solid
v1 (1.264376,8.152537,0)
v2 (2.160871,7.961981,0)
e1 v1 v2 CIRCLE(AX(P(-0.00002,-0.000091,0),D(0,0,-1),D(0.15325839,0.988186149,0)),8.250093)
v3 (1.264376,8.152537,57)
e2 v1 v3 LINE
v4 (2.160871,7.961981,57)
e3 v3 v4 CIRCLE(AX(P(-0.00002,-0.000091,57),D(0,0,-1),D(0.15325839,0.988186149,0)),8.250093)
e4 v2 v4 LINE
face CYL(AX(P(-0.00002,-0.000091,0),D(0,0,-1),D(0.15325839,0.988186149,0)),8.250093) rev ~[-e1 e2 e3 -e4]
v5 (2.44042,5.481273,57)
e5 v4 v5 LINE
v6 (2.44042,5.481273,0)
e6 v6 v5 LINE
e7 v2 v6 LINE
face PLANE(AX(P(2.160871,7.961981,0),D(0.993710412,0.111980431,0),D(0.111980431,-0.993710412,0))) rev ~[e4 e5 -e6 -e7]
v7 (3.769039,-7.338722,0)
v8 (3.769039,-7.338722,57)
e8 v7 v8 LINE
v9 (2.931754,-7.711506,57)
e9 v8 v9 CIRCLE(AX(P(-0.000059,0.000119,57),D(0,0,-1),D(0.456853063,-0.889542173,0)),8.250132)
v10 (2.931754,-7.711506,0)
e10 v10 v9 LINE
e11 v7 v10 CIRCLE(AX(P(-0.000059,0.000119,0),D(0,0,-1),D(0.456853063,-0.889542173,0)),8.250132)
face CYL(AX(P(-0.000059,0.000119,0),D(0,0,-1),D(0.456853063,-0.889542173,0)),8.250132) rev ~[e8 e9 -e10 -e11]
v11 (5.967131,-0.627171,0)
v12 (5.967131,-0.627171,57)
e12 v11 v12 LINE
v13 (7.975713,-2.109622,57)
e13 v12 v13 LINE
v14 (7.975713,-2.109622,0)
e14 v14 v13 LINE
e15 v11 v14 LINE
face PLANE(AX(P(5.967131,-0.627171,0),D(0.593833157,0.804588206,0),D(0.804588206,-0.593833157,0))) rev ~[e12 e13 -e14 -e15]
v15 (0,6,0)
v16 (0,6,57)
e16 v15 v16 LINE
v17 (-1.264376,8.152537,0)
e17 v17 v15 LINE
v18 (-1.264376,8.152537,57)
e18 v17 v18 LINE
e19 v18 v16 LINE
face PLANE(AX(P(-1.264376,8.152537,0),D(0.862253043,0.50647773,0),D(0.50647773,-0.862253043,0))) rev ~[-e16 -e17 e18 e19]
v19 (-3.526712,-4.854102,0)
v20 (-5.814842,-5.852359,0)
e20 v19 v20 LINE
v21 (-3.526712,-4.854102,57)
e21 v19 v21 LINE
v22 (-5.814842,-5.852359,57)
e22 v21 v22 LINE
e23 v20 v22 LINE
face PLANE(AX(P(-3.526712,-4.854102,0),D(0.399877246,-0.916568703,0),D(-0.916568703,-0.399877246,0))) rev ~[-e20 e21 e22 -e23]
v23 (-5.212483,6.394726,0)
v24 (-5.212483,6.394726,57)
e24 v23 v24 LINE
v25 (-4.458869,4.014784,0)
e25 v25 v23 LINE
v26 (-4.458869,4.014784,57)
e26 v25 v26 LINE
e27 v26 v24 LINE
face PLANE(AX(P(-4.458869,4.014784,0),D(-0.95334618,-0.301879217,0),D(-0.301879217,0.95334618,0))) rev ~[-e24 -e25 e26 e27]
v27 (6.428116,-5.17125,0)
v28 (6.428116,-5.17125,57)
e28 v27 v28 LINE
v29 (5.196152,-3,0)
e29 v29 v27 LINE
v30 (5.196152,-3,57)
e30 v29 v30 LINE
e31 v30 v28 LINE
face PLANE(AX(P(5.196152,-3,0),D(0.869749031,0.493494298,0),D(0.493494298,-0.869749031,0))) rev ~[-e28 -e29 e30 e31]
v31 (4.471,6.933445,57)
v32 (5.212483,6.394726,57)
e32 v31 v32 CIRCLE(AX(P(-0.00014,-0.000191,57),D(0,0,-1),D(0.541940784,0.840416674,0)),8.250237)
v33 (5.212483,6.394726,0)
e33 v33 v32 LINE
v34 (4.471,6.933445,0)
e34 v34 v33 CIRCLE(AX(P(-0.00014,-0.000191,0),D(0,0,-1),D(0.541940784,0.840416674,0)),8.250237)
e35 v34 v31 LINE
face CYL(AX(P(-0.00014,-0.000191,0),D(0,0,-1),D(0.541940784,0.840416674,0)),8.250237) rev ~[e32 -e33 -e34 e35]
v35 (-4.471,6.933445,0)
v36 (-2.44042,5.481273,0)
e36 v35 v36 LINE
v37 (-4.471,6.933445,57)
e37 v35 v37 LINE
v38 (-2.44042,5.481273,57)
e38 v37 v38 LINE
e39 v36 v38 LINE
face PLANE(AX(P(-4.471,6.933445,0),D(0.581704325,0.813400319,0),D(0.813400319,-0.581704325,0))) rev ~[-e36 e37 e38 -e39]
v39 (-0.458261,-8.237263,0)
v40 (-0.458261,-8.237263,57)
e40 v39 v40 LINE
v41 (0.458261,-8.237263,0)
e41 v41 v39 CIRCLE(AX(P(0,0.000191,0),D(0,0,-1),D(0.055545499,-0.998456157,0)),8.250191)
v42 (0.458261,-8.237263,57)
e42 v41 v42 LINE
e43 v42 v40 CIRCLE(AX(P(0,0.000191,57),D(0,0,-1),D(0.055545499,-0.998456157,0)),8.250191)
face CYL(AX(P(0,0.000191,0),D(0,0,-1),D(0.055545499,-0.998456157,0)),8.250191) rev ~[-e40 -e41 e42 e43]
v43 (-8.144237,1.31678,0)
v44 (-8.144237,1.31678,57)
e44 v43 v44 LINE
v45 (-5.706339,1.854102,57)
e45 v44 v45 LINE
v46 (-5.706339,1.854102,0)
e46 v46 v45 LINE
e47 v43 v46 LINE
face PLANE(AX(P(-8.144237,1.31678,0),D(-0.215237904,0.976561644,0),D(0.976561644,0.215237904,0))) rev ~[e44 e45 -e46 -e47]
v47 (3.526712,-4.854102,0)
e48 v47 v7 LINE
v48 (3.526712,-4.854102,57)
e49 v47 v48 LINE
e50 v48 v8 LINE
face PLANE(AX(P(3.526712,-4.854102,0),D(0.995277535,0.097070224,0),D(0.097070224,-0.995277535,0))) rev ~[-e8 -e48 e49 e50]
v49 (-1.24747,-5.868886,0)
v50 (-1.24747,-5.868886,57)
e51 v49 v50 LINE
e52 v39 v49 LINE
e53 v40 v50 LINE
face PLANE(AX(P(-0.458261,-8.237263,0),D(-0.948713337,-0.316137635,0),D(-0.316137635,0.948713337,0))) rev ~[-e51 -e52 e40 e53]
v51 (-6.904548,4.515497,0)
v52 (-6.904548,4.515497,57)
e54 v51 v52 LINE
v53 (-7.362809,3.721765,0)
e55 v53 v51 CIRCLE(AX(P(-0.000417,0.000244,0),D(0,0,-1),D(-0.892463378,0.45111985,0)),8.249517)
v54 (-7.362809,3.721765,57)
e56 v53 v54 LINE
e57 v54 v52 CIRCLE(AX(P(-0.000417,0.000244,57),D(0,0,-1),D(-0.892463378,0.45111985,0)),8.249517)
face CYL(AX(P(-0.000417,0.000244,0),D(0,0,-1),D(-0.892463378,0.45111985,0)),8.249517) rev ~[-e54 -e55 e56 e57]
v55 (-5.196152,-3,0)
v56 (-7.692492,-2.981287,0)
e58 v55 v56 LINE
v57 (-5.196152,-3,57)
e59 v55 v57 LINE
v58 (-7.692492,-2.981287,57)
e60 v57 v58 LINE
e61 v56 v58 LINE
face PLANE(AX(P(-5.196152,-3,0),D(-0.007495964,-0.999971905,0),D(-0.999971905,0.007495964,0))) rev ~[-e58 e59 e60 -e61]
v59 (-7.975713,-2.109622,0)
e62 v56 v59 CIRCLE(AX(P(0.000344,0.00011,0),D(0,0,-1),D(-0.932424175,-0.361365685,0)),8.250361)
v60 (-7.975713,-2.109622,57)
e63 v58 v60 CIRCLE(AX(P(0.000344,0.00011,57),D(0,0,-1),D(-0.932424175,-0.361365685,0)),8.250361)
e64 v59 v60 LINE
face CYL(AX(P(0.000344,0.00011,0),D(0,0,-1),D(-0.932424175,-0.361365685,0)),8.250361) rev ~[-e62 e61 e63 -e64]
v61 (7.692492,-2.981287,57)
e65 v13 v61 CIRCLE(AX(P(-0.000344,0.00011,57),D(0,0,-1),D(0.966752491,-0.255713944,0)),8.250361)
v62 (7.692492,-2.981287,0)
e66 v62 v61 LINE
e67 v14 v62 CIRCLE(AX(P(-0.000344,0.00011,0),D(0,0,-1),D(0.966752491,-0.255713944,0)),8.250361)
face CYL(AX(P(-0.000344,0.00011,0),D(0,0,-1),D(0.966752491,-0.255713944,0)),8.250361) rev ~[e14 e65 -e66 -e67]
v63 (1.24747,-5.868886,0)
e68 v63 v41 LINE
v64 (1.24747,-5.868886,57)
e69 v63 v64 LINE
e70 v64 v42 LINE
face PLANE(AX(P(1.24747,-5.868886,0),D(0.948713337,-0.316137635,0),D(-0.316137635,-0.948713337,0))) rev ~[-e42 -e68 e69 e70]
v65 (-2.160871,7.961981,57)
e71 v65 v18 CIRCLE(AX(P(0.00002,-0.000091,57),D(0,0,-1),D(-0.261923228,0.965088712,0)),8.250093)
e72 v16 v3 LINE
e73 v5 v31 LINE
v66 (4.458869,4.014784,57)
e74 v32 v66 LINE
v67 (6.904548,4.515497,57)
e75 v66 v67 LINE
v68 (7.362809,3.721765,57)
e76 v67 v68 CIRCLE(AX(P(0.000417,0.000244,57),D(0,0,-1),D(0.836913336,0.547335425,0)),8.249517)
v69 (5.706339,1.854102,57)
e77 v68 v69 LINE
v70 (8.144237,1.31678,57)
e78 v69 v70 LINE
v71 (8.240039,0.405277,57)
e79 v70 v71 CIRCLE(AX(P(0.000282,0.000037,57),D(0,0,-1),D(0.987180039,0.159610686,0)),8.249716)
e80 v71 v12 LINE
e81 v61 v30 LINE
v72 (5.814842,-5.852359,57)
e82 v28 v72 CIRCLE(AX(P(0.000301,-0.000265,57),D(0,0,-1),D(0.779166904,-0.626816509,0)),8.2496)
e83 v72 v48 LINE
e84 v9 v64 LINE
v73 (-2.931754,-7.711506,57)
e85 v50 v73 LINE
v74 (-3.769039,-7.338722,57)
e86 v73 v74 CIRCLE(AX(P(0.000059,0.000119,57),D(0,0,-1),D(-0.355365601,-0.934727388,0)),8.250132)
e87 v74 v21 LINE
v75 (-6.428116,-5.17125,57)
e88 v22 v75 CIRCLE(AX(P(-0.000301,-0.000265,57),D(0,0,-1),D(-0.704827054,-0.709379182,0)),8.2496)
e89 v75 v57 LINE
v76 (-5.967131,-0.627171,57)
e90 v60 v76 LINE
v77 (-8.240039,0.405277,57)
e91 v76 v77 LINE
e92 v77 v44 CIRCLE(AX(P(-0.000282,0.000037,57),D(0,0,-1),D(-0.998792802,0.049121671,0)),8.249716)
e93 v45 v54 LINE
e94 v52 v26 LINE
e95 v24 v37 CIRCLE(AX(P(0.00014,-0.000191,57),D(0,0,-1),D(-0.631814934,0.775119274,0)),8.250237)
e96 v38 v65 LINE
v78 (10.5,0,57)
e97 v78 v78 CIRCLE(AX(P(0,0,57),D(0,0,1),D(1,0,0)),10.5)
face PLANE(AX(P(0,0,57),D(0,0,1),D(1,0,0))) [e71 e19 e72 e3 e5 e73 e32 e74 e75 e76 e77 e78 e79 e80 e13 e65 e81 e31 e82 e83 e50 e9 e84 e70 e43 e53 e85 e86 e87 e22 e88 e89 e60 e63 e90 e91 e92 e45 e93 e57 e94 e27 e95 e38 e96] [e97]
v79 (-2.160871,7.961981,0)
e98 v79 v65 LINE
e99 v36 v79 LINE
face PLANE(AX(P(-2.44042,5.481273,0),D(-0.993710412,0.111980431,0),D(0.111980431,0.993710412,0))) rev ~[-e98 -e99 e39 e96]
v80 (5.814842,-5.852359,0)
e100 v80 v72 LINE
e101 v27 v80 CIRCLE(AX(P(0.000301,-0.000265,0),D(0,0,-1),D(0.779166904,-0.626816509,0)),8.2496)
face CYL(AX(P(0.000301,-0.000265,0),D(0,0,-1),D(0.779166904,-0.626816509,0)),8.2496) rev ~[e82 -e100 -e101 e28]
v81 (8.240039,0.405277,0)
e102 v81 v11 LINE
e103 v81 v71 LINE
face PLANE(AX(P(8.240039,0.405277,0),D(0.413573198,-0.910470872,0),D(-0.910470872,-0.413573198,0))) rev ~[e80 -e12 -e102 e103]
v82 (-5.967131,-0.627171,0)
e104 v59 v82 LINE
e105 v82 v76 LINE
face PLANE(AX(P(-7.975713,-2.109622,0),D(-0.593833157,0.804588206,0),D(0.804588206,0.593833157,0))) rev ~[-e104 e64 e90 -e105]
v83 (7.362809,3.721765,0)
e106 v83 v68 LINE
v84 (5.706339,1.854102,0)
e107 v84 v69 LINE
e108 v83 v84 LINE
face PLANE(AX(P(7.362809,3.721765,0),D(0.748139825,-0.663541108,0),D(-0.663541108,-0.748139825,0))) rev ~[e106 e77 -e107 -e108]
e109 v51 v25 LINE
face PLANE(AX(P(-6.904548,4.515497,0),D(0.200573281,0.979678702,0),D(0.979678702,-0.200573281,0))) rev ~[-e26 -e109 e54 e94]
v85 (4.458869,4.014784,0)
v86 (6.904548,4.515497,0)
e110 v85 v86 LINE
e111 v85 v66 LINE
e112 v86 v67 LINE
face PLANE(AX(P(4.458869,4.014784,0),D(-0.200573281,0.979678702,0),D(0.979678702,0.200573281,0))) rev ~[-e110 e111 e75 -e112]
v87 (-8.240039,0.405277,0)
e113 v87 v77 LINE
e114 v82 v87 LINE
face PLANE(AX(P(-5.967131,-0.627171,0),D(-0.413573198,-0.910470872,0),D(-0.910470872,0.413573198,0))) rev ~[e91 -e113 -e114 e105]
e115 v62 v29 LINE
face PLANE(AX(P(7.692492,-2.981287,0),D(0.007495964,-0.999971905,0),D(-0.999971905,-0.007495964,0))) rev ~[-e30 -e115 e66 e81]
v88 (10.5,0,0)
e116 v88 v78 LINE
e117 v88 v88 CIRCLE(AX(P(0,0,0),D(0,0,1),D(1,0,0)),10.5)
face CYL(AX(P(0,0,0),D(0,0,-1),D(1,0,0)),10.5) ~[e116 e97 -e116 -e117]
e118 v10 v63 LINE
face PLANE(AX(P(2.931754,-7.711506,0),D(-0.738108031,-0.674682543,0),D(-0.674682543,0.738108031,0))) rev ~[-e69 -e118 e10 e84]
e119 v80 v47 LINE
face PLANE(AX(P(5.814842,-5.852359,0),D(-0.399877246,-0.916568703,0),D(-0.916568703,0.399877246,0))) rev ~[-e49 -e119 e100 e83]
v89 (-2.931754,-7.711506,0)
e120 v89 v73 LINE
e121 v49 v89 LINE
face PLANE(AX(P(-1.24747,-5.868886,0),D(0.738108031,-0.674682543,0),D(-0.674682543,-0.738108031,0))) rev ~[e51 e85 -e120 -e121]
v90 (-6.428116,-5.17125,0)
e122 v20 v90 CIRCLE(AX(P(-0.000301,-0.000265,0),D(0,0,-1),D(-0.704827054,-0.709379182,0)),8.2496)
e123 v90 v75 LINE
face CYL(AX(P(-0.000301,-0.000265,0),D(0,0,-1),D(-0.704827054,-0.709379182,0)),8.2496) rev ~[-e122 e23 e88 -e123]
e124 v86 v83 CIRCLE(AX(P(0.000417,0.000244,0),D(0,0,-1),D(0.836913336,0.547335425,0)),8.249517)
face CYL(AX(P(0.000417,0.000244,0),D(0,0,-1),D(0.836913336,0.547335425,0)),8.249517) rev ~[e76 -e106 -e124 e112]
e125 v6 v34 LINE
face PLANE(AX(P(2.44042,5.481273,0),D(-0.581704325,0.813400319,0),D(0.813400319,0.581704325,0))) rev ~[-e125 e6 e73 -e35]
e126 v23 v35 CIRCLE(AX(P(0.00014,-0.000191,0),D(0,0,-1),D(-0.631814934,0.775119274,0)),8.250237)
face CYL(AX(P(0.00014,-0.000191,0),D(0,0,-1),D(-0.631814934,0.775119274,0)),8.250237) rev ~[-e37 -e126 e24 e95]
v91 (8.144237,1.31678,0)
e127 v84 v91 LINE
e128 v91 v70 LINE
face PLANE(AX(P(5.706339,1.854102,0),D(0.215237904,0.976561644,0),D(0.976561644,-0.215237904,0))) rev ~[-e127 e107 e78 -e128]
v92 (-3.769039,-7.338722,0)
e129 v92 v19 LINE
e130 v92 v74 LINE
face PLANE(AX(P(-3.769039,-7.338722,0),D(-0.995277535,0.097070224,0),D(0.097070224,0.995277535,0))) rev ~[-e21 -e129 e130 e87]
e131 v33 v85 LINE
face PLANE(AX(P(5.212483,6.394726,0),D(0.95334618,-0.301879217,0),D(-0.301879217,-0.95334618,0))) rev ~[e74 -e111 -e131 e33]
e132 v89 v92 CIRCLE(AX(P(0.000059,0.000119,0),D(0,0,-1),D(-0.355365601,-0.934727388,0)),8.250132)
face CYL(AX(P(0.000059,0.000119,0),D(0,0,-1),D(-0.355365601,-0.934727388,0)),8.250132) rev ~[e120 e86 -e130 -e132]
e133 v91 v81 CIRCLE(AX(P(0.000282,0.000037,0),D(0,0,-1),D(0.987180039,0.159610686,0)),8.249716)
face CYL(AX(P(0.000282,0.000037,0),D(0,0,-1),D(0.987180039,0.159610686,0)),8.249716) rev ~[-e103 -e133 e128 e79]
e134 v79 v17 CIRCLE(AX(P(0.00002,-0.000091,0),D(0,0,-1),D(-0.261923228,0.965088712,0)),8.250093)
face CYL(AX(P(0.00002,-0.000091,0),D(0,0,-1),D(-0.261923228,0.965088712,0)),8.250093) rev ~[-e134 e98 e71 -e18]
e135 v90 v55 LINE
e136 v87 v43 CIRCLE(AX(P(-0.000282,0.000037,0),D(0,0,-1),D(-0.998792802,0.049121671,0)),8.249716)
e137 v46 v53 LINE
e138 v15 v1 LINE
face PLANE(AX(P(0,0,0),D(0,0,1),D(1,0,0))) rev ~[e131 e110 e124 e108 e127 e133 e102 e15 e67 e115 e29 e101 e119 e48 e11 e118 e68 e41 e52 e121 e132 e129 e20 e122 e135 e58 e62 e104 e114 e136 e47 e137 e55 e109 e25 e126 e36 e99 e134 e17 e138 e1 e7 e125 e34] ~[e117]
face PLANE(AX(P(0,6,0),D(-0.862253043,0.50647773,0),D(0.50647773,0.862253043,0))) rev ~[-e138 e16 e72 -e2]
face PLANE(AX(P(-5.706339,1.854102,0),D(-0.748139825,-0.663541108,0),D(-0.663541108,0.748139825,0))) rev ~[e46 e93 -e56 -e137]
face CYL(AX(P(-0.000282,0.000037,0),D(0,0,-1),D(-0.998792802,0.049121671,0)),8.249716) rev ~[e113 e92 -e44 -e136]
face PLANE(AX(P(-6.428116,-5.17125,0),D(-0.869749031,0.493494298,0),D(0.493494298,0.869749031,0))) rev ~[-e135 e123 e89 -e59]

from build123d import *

# Parameters (mm, degrees)
F0_R     = 10.5
F1_DEPTH = 57


with BuildPart() as f1:
    # F0 (on Top) → F1 (new body)
    with BuildSketch(Plane.XY):
        Circle(F0_R)
        with BuildLine():
            ThreePointArc((8.240039, 0.405277), (8.247509, 0.2027), (8.25, 0))
            ThreePointArc((8.25, 0), (8.181141, -1.063689), (7.975713, -2.109622))
            ThreePointArc((7.975713, -2.109622), (7.846216, -2.54939), (7.692492, -2.981287))
            ThreePointArc((7.692492, -2.981287), (7.14471, -4.125), (6.428116, -5.17125))
            ThreePointArc((6.428116, -5.17125), (6.130945, -5.520328), (5.814842, -5.852359))
            ThreePointArc((5.814842, -5.852359), (4.849228, -6.67439), (3.769039, -7.338722))
            ThreePointArc((3.769039, -7.338722), (3.355577, -7.53675), (2.931754, -7.711506))
            ThreePointArc((2.931754, -7.711506), (1.715271, -8.069718), (0.458261, -8.237263))
            ThreePointArc((0.458261, -8.237263), (0, -8.25), (-0.458261, -8.237263))
            ThreePointArc((-0.458261, -8.237263), (-1.715271, -8.069718), (-2.931754, -7.711506))
            ThreePointArc((-2.931754, -7.711506), (-3.355577, -7.53675), (-3.769039, -7.338722))
            ThreePointArc((-3.769039, -7.338722), (-4.849228, -6.67439), (-5.814842, -5.852359))
            ThreePointArc((-5.814842, -5.852359), (-6.130945, -5.520328), (-6.428116, -5.17125))
            ThreePointArc((-6.428116, -5.17125), (-7.14471, -4.125), (-7.692492, -2.981287))
            ThreePointArc((-7.692492, -2.981287), (-7.846216, -2.54939), (-7.975713, -2.109622))
            ThreePointArc((-7.975713, -2.109622), (-8.204806, -0.86236), (-8.240039, 0.405277))
            ThreePointArc((-8.240039, 0.405277), (-8.204806, 0.86236), (-8.144237, 1.31678))
            ThreePointArc((-8.144237, 1.31678), (-7.846216, 2.54939), (-7.362809, 3.721765))
            ThreePointArc((-7.362809, 3.721765), (-7.14471, 4.125), (-6.904548, 4.515497))
            ThreePointArc((-6.904548, 4.515497), (-6.130945, 5.520328), (-5.212483, 6.394726))
            ThreePointArc((-5.212483, 6.394726), (-4.849228, 6.67439), (-4.471, 6.933445))
            ThreePointArc((-4.471, 6.933445), (-3.355577, 7.53675), (-2.160871, 7.961981))
            ThreePointArc((-2.160871, 7.961981), (-1.715271, 8.069718), (-1.264376, 8.152537))
            ThreePointArc((-1.264376, 8.152537), (0, 8.25), (1.264376, 8.152537))
            ThreePointArc((1.264376, 8.152537), (1.715271, 8.069718), (2.160871, 7.961981))
            ThreePointArc((2.160871, 7.961981), (3.355577, 7.53675), (4.471, 6.933445))
            ThreePointArc((4.471, 6.933445), (4.849228, 6.67439), (5.212483, 6.394726))
            ThreePointArc((5.212483, 6.394726), (6.130945, 5.520328), (6.904548, 4.515497))
            ThreePointArc((6.904548, 4.515497), (7.14471, 4.125), (7.362809, 3.721765))
            ThreePointArc((7.362809, 3.721765), (7.846216, 2.54939), (8.144237, 1.31678))
            ThreePointArc((8.144237, 1.31678), (8.204806, 0.86236), (8.240039, 0.405277))
        make_face(mode=Mode.SUBTRACT)
        with BuildLine():
            Line((-5.706339, 1.854102), (-7.362809, 3.721765))
            ThreePointArc((-7.362809, 3.721765), (-7.846216, 2.54939), (-8.144237, 1.31678))
            Line((-8.144237, 1.31678), (-5.706339, 1.854102))
        make_face()
        with BuildLine():
            Line((-4.458869, 4.014784), (-5.212483, 6.394726))
            ThreePointArc((-5.212483, 6.394726), (-6.130945, 5.520328), (-6.904548, 4.515497))
            Line((-6.904548, 4.515497), (-4.458869, 4.014784))
        make_face()
        with BuildLine():
            Line((-2.44042, 5.481273), (-2.160871, 7.961981))
            ThreePointArc((-2.160871, 7.961981), (-3.355577, 7.53675), (-4.471, 6.933445))
            Line((-4.471, 6.933445), (-2.44042, 5.481273))
        make_face()
        with BuildLine():
            Line((0, 6), (1.264376, 8.152537))
            ThreePointArc((1.264376, 8.152537), (0, 8.25), (-1.264376, 8.152537))
            Line((-1.264376, 8.152537), (0, 6))
        make_face()
        with BuildLine():
            Line((2.44042, 5.481273), (4.471, 6.933445))
            ThreePointArc((4.471, 6.933445), (3.355577, 7.53675), (2.160871, 7.961981))
            Line((2.160871, 7.961981), (2.44042, 5.481273))
        make_face()
        with BuildLine():
            Line((4.458869, 4.014784), (6.904548, 4.515497))
            ThreePointArc((6.904548, 4.515497), (6.130945, 5.520328), (5.212483, 6.394726))
            Line((5.212483, 6.394726), (4.458869, 4.014784))
        make_face()
        with BuildLine():
            Line((5.706339, 1.854102), (8.144237, 1.31678))
            ThreePointArc((8.144237, 1.31678), (7.846216, 2.54939), (7.362809, 3.721765))
            Line((7.362809, 3.721765), (5.706339, 1.854102))
        make_face()
        with BuildLine():
            ThreePointArc((7.975713, -2.109622), (8.181141, -1.063689), (8.25, 0))
            ThreePointArc((8.25, 0), (8.247509, 0.2027), (8.240039, 0.405277))
            Line((8.240039, 0.405277), (5.967131, -0.627171))
            Line((5.967131, -0.627171), (7.975713, -2.109622))
        make_face()
        with BuildLine():
            ThreePointArc((6.428116, -5.17125), (7.14471, -4.125), (7.692492, -2.981287))
            Line((7.692492, -2.981287), (5.196152, -3))
            Line((5.196152, -3), (6.428116, -5.17125))
        make_face()
        with BuildLine():
            ThreePointArc((3.769039, -7.338722), (4.849228, -6.67439), (5.814842, -5.852359))
            Line((5.814842, -5.852359), (3.526712, -4.854102))
            Line((3.526712, -4.854102), (3.769039, -7.338722))
        make_face()
        with BuildLine():
            ThreePointArc((0.458261, -8.237263), (1.715271, -8.069718), (2.931754, -7.711506))
            Line((2.931754, -7.711506), (1.24747, -5.868886))
            Line((1.24747, -5.868886), (0.458261, -8.237263))
        make_face()
        with BuildLine():
            ThreePointArc((-2.931754, -7.711506), (-1.715271, -8.069718), (-0.458261, -8.237263))
            Line((-0.458261, -8.237263), (-1.24747, -5.868886))
            Line((-1.24747, -5.868886), (-2.931754, -7.711506))
        make_face()
        with BuildLine():
            ThreePointArc((-5.814842, -5.852359), (-4.849228, -6.67439), (-3.769039, -7.338722))
            Line((-3.769039, -7.338722), (-3.526712, -4.854102))
            Line((-3.526712, -4.854102), (-5.814842, -5.852359))
        make_face()
        with BuildLine():
            ThreePointArc((-7.692492, -2.981287), (-7.14471, -4.125), (-6.428116, -5.17125))
            Line((-6.428116, -5.17125), (-5.196152, -3))
            Line((-5.196152, -3), (-7.692492, -2.981287))
        make_face()
        with BuildLine():
            ThreePointArc((-8.240039, 0.405277), (-8.204806, -0.86236), (-7.975713, -2.109622))
            Line((-7.975713, -2.109622), (-5.967131, -0.627171))
            Line((-5.967131, -0.627171), (-8.240039, 0.405277))
        make_face()
    extrude(amount=F1_DEPTH)


solid = f1.part
